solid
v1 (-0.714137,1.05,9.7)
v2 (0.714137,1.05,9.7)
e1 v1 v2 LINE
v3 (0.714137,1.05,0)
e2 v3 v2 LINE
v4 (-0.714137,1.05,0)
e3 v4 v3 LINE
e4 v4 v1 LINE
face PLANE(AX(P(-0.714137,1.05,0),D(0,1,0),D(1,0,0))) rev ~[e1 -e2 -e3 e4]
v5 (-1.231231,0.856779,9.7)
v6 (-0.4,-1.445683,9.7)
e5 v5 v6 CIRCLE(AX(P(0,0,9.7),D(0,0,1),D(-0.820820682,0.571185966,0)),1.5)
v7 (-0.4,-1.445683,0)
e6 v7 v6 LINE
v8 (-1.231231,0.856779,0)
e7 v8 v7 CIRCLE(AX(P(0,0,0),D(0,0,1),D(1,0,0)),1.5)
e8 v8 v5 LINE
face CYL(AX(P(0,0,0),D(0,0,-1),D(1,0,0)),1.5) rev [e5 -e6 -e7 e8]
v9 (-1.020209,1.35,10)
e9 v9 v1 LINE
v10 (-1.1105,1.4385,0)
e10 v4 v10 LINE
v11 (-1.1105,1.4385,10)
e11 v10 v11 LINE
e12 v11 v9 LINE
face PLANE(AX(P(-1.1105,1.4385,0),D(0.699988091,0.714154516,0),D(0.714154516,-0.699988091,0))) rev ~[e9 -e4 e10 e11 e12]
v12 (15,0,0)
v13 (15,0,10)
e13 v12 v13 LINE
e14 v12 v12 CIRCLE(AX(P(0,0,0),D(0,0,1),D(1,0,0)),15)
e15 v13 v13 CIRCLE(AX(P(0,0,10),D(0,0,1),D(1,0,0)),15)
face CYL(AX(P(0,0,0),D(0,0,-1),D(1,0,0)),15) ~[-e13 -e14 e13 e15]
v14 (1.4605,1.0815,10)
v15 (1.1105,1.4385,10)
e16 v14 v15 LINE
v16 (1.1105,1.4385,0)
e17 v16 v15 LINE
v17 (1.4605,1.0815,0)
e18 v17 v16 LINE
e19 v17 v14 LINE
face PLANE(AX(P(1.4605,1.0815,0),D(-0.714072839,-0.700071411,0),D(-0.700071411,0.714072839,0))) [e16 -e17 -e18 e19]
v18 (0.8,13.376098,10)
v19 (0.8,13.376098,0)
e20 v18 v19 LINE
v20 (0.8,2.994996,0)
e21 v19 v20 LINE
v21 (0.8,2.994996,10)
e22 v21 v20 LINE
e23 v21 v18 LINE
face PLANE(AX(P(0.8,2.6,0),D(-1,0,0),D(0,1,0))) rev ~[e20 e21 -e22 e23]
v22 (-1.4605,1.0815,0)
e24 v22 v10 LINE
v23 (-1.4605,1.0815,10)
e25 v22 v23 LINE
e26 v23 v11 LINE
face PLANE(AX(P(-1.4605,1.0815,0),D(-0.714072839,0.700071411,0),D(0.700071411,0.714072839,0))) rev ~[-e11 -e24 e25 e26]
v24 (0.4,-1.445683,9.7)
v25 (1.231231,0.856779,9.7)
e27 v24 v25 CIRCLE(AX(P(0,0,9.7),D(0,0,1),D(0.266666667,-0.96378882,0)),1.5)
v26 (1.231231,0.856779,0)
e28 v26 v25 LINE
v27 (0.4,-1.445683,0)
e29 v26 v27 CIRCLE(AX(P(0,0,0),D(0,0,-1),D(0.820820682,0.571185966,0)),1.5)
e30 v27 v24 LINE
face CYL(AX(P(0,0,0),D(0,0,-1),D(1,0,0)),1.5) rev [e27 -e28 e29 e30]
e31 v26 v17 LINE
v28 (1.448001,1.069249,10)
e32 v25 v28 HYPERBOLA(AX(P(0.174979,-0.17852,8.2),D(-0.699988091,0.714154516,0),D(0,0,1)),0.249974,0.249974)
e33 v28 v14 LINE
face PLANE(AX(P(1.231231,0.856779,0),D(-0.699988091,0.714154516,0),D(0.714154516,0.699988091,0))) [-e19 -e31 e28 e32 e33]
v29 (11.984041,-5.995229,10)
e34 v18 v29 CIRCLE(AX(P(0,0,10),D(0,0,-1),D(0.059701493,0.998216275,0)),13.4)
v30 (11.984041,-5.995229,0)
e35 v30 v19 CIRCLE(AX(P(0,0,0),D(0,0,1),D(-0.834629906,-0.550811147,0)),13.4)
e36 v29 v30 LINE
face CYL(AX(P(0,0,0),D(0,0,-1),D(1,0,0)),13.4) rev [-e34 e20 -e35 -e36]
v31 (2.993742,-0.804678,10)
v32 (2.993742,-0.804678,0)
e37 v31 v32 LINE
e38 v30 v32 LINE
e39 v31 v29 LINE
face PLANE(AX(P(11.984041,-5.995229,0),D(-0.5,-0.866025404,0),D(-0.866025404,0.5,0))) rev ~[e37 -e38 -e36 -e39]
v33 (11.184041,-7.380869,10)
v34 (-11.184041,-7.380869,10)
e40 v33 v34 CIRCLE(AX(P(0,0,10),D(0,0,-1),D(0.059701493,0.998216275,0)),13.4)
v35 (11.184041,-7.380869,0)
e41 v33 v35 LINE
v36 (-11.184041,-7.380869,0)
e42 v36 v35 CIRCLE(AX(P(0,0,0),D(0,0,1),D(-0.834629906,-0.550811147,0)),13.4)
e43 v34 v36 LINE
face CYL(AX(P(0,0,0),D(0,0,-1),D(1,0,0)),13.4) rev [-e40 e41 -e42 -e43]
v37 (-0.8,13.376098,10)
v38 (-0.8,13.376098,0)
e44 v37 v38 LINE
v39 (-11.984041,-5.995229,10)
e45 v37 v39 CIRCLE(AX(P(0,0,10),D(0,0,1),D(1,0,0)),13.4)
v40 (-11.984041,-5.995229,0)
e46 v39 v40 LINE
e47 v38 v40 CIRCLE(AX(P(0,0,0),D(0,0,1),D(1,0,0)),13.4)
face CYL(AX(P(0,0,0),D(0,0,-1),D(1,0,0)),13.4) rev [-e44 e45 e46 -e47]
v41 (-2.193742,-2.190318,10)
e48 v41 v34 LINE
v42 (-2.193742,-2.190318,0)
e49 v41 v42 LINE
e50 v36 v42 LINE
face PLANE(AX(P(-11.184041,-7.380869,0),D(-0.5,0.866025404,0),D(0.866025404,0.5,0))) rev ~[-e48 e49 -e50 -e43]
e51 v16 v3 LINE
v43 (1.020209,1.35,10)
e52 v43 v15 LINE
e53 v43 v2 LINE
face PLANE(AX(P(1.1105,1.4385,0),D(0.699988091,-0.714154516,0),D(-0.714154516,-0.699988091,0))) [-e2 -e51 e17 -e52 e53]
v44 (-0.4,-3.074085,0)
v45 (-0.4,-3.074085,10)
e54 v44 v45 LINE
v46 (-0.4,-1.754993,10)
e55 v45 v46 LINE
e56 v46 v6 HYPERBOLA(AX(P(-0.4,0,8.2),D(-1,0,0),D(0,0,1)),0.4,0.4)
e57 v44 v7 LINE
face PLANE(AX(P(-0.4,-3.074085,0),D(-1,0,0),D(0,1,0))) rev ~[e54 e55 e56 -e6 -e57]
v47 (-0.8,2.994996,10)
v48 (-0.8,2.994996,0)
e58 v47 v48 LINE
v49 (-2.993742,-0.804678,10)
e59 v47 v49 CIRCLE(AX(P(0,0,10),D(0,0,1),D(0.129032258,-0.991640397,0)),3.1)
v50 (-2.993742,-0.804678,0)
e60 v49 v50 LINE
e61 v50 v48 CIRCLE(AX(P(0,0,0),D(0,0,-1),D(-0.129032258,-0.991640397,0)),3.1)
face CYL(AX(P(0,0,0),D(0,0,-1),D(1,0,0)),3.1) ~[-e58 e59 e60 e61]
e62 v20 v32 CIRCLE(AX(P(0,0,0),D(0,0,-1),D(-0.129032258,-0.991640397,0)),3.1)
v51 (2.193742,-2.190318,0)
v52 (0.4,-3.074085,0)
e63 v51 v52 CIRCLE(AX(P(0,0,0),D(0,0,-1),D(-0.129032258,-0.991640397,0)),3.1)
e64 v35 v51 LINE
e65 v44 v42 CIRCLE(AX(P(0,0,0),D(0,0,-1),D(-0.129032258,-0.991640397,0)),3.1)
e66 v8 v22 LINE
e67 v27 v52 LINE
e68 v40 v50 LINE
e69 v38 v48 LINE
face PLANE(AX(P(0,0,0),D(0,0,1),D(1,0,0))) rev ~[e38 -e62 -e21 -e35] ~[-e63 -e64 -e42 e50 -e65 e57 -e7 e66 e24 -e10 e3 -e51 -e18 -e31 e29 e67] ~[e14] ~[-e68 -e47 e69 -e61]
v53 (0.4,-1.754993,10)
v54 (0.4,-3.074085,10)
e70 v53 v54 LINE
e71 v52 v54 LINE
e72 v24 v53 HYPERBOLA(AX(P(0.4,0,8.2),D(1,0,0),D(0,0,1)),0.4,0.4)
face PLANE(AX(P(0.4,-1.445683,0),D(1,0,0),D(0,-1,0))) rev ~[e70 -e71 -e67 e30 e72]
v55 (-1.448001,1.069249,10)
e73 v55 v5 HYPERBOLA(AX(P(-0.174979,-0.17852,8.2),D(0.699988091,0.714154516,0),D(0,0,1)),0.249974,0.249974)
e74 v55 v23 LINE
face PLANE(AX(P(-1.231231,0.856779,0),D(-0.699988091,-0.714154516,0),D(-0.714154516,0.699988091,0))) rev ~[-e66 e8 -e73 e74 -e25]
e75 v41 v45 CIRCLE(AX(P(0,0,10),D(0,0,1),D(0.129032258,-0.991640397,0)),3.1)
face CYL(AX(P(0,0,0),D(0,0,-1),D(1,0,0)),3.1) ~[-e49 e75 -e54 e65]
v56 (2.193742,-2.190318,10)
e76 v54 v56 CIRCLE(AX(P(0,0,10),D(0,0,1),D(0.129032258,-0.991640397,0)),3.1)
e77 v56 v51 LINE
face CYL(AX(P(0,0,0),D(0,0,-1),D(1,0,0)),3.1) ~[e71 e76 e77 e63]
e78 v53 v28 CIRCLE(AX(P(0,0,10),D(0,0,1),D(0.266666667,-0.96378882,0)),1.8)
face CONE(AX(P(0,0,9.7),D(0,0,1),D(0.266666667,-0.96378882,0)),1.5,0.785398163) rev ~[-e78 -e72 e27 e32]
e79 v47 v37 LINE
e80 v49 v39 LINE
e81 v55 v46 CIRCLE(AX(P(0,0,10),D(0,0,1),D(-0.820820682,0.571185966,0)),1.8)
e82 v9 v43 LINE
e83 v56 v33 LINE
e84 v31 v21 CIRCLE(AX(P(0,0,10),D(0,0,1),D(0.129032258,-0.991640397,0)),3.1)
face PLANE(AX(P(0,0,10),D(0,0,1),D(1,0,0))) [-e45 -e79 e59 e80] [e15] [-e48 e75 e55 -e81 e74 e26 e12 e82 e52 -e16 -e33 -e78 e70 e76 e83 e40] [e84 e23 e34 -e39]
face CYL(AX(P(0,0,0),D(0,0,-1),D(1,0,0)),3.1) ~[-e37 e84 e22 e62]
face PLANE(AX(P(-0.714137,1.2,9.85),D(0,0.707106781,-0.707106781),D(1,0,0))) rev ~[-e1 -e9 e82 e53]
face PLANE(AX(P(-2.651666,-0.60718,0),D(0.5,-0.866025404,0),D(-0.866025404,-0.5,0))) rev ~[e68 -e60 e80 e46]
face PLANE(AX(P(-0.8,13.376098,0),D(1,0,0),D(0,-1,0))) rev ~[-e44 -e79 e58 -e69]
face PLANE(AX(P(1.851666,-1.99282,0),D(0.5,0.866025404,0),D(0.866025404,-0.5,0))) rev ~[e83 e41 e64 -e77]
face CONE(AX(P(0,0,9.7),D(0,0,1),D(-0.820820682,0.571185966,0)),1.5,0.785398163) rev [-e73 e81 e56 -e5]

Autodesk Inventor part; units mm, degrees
ref_plane "YZ Plane" through (0, 0, 0) normal (1, 0, 0) x (0, 1, 0)
ref_plane "XZ Plane" through (0, 0, 0) normal (0, 1, 0) x (-1, 0, 0)
ref_plane "XY Plane" through (0, 0, 0) normal (0, 0, 1) x (1, 0, 0)
sketch "スケッチ1" plane through (0, 0, 0) normal (0, 0, 1) x (1, 0, 0)
  circle A0 centre (0, 0) radius 1.5
  circle A1 centre (0, 0) radius 3.1
  line L0 (-0.4, 0) -> (0.4, 0)
  line L1 (0.4, 0) -> (0.4, -3.1)
  line L2 (0.4, -3.1) -> (-0.4, -3.1)
  line L3 (-0.4, -3.1) -> (-0.4, 0)
  line L4 (-1.0712, 1.05) -> (1.0712, 1.05)
  circle A2 centre (0, 0) radius 15
  circle A3 centre (0, 0) radius 13.4
  line L5 (-1.4605, 1.0815) -> (-1.1105, 1.4385)
  line L6 (-1.1105, 1.4385) -> (0.175, 0.1785)
  line L7 (0.175, 0.1785) -> (-0.175, -0.1785)
  line L8 (-0.175, -0.1785) -> (-1.4605, 1.0815)
  line L9 (1.4605, 1.0815) -> (1.1105, 1.4385)
  line L10 (1.1105, 1.4385) -> (-0.175, 0.1785)
  line L11 (-0.175, 0.1785) -> (0.175, -0.1785)
  line L12 (0.175, -0.1785) -> (1.4605, 1.0815)
  line L13 (0, 0) -> (-1.0712, 1.05) construction
  line L14 (1.0712, 1.05) -> (0, 0) construction
  point P0 (0.4, -1.4457)
  point P1 (0.4, -3.0741)
  point P2 (-0.4, -3.0741)
  point P3 (-0.4, -1.4457)
  point P4 (-0.7141, 1.05)
  point P5 (0.7141, 1.05)
  point P6 (1.2312, 0.8568)
  point P7 (-1.2312, 0.8568)
  dimension "SHAFT_D" = 3
  dimension "SLIT" = 0.8
  dimension "HUB_THIN" = 1.6
  dimension "d3" = 1.05
  dimension "WHEEL_D" = 30
  dimension "d5" = 1.6
  dimension "d18" = 0.5
  dimension "d19" = 1.8
extrude "ハブ＆リム" add sketch "スケッチ1" along normal blind 10 contours A0 L12 L9 L10 L6 L5 L8 L3 A1 L1 | L10 L4 L6 A0 | A2
sketch "スケッチ2" plane through (0, 0, 0) normal (0, 0, 1) x (1, 0, 0)
  line L0 (-0.8, 2.6) -> (0.8, 2.6)
  line L1 (0.8, 2.6) -> (0.8, 13.4)
  line L2 (0.8, 13.4) -> (-0.8, 13.4)
  line L3 (-0.8, 13.4) -> (-0.8, 2.6)
  circle A0 centre (0, 0) radius 13.4 projected
  point P0 (0, 13.4)
  dimension "d8" = 1.6
  dimension "d9" = 2.6
extrude "スポーク" add sketch "スケッチ2" along normal up to surface (10 mm away) contours L3 A0 L1 L0 | L3 L2 A0 | A0 L2 L1 picked at (0, 6.2)
pattern_circular "円形状パターン1" count 3 over 360 about axis through (0, 0, -10) along (0, 0, 1) of "スポーク"
chamfer "面取り1" distance 0.3 angle 45 3 edges at (-1.4109, -0.5094, 10) (0, 1.05, 10) (1.4109, -0.5094, 10)
equation "\"d5\" = HUB_THIN"
properties part number "D-Shaft_Wheel1"
